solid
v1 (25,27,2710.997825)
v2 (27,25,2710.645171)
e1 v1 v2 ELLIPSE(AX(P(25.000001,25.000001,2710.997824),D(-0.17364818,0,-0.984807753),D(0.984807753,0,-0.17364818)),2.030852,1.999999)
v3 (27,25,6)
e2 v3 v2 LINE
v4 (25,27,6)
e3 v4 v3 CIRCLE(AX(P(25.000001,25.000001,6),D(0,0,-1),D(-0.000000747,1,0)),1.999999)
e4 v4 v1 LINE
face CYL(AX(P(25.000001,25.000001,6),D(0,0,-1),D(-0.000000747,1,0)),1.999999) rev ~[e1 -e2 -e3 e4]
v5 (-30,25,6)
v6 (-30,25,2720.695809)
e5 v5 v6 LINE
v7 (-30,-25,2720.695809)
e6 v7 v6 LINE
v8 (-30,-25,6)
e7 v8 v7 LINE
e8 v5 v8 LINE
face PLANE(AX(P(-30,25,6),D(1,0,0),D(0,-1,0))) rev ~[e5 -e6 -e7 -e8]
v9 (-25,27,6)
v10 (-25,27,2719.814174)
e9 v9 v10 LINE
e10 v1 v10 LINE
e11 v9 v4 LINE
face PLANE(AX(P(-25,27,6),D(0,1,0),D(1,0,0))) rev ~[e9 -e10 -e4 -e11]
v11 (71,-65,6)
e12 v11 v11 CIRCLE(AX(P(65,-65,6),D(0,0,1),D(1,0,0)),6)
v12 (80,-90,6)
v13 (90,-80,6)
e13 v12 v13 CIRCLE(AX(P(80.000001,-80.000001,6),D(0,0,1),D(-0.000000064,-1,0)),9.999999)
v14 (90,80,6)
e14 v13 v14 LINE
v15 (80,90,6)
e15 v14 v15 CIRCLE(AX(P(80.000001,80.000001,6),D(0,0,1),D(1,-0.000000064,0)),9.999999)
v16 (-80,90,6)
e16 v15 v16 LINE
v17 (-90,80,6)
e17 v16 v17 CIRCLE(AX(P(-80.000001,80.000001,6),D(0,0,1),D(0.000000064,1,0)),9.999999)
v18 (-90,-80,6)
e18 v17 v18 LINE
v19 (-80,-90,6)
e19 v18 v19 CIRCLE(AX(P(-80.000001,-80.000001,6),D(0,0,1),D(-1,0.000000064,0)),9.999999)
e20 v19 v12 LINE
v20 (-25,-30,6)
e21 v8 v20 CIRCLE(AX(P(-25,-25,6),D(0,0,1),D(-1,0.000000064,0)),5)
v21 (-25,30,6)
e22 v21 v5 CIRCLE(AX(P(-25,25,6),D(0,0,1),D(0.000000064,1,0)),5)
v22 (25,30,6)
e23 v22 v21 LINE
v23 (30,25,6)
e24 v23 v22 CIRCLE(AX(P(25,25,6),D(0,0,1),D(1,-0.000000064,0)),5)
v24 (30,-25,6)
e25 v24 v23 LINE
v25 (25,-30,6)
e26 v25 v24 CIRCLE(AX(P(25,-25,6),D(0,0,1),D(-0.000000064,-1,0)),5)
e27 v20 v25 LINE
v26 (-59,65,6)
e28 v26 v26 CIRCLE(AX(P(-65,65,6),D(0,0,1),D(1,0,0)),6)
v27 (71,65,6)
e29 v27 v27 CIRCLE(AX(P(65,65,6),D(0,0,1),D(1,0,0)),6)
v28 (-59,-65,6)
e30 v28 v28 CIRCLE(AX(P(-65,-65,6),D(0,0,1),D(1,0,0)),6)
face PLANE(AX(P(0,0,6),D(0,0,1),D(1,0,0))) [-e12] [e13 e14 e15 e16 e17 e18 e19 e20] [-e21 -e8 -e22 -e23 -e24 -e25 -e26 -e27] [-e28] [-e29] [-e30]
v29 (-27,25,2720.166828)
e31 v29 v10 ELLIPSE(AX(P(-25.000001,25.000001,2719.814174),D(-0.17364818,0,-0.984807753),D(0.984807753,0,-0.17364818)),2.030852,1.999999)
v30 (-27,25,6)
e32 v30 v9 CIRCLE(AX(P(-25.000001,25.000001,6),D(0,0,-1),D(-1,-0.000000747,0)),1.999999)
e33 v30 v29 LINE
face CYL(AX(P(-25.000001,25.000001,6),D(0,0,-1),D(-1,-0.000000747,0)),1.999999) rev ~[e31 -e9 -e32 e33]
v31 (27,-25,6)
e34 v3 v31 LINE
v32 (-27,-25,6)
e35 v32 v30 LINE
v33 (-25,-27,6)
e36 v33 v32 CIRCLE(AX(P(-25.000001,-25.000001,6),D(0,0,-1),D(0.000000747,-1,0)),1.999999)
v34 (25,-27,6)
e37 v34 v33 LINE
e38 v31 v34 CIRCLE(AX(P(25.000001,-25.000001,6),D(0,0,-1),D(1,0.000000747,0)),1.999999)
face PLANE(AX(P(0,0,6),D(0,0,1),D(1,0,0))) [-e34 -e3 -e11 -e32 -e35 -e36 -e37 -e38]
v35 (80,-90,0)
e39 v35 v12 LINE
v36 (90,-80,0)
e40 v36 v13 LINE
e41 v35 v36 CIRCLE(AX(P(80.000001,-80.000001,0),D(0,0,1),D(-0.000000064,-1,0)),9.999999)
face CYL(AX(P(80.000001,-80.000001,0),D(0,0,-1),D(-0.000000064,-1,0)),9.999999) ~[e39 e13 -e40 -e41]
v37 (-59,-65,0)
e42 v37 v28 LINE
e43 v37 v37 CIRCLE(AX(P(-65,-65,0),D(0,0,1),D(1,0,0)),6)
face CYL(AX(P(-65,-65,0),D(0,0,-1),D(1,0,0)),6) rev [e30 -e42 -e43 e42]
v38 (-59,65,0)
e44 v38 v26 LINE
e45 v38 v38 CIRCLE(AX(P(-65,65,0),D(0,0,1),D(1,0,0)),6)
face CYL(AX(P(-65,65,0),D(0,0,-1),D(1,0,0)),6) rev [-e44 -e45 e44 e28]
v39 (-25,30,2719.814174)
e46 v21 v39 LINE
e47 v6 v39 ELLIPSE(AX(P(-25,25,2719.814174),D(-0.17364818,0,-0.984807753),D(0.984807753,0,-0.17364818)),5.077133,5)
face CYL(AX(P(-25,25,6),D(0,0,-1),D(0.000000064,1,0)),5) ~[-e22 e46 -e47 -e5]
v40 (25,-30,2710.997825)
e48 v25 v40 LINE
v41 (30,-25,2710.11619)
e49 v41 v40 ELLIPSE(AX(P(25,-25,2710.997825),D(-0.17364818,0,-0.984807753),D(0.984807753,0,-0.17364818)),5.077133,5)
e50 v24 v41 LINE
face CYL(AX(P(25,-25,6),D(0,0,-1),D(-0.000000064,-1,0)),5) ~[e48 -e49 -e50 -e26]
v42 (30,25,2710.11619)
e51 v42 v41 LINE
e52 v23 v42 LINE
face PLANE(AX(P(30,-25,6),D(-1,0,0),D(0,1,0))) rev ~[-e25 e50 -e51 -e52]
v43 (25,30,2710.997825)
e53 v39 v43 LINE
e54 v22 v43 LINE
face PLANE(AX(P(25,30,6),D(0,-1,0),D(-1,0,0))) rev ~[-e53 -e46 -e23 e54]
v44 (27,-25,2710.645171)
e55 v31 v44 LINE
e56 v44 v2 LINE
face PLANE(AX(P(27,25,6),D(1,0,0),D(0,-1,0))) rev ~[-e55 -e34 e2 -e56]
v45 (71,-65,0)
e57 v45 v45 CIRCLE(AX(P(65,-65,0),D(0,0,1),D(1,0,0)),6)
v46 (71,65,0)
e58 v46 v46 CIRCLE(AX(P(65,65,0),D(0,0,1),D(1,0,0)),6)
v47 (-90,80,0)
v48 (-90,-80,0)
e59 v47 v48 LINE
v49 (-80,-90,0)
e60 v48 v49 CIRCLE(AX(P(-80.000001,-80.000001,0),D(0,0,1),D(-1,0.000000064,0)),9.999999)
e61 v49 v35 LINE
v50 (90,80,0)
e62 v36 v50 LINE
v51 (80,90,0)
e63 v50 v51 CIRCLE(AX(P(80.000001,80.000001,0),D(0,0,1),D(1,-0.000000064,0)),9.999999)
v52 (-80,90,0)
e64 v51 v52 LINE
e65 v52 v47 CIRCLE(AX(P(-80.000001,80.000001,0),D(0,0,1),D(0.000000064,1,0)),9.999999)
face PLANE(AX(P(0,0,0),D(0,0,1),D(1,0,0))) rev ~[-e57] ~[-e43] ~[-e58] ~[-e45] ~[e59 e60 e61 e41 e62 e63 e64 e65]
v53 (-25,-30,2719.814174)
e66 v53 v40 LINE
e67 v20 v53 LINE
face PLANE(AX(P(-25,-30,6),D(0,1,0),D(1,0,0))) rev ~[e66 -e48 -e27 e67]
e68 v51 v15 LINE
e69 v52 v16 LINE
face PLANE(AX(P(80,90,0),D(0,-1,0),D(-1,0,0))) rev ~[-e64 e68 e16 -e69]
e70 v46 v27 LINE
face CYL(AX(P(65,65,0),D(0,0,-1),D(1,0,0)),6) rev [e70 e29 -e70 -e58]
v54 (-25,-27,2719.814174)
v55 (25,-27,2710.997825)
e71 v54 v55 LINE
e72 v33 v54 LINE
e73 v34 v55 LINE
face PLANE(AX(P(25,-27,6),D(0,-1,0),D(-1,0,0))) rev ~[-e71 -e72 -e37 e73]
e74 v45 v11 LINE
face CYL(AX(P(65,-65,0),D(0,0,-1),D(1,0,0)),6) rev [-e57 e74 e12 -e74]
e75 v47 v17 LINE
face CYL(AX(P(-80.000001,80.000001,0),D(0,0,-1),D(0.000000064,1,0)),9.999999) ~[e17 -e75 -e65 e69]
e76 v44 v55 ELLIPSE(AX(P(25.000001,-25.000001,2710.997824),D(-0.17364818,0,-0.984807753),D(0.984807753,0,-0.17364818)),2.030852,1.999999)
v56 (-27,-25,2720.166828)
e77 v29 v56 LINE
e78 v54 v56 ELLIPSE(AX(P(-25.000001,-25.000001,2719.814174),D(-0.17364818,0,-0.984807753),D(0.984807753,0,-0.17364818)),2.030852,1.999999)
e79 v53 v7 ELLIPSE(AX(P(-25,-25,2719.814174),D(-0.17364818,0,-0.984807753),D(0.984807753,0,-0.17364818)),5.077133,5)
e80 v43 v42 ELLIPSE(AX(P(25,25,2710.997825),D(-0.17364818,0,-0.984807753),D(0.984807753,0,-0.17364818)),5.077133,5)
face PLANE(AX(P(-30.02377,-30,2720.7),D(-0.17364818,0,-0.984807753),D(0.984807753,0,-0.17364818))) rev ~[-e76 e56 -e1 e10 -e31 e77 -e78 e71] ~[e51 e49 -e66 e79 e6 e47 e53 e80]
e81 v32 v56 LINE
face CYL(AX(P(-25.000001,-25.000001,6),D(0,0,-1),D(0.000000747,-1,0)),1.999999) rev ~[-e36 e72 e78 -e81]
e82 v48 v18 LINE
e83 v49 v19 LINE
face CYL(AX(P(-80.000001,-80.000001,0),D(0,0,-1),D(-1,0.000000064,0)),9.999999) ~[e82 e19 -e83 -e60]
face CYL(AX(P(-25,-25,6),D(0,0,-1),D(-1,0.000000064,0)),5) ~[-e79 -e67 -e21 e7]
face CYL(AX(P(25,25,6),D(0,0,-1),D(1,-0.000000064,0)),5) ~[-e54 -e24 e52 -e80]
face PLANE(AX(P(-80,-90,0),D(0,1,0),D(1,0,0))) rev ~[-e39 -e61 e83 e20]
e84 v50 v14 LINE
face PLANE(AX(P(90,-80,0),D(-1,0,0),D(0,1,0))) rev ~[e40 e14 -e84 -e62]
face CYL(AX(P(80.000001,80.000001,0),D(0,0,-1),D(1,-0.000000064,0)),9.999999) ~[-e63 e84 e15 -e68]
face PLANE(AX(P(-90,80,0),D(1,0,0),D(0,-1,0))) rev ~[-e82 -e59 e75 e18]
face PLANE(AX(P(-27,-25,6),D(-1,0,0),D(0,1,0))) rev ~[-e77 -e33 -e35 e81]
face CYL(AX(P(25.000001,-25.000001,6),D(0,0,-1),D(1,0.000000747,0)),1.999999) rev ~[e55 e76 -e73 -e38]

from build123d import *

# Parameters (mm, degrees)
F0_R     = 6
F1_DEPTH = 6
F3_DEPTH = 2714.7
F5_DEPTH = 120.001


with BuildPart() as f1:
    # F0 (on Top) → F1 (new body)
    with BuildSketch(Plane.XY):
        with BuildLine():
            ThreePointArc((90, 80), (87.071068, 87.071068), (80, 90))
            Line((80, 90), (-80, 90))
            ThreePointArc((-80, 90), (-87.071068, 87.071068), (-90, 80))
            Line((-90, 80), (-90, -80))
            ThreePointArc((-90, -80), (-87.071068, -87.071068), (-80, -90))
            Line((-80, -90), (80, -90))
            ThreePointArc((80, -90), (87.071068, -87.071068), (90, -80))
            Line((90, -80), (90, 80))
        make_face()
        with Locations((-65, -65)):
            Circle(F0_R, mode=Mode.SUBTRACT)
        with Locations((65, -65)):
            Circle(F0_R, mode=Mode.SUBTRACT)
        with Locations((-65, 65)):
            Circle(F0_R, mode=Mode.SUBTRACT)
        with Locations((65, 65)):
            Circle(F0_R, mode=Mode.SUBTRACT)
    extrude(amount=F1_DEPTH)

    # F2 (on face) → F3 (join)
    with BuildSketch(Plane.XY.offset(6)):
        with BuildLine():
            Line((-25, -30), (25, -30))
            ThreePointArc((25, -30), (28.535534, -28.535534), (30, -25))
            Line((30, -25), (30, 25))
            ThreePointArc((30, 25), (28.535534, 28.535534), (25, 30))
            Line((25, 30), (-25, 30))
            ThreePointArc((-25, 30), (-28.535534, 28.535534), (-30, 25))
            Line((-30, 25), (-30, -25))
            ThreePointArc((-30, -25), (-28.535534, -28.535534), (-25, -30))
        make_face()
        with BuildLine():
            ThreePointArc((25, 27), (26.414214, 26.414214), (27, 25))
            Line((27, 25), (27, -25))
            ThreePointArc((27, -25), (26.414214, -26.414214), (25, -27))
            Line((25, -27), (-25, -27))
            ThreePointArc((-25, -27), (-26.414214, -26.414214), (-27, -25))
            Line((-27, -25), (-27, 25))
            ThreePointArc((-27, 25), (-26.414214, 26.414214), (-25, 27))
            Line((-25, 27), (25, 27))
        make_face(mode=Mode.SUBTRACT)
    extrude(amount=F3_DEPTH)

    # F4 (on face) → F5 (cut, through all)
    with BuildSketch(Plane.XZ.offset(30)):
        Polygon((31.369732, 2720.7), (-30.02377, 2720.7), (31.369732, 2709.874669), align=None)
    extrude(amount=-F5_DEPTH, mode=Mode.SUBTRACT)


solid = f1.part
